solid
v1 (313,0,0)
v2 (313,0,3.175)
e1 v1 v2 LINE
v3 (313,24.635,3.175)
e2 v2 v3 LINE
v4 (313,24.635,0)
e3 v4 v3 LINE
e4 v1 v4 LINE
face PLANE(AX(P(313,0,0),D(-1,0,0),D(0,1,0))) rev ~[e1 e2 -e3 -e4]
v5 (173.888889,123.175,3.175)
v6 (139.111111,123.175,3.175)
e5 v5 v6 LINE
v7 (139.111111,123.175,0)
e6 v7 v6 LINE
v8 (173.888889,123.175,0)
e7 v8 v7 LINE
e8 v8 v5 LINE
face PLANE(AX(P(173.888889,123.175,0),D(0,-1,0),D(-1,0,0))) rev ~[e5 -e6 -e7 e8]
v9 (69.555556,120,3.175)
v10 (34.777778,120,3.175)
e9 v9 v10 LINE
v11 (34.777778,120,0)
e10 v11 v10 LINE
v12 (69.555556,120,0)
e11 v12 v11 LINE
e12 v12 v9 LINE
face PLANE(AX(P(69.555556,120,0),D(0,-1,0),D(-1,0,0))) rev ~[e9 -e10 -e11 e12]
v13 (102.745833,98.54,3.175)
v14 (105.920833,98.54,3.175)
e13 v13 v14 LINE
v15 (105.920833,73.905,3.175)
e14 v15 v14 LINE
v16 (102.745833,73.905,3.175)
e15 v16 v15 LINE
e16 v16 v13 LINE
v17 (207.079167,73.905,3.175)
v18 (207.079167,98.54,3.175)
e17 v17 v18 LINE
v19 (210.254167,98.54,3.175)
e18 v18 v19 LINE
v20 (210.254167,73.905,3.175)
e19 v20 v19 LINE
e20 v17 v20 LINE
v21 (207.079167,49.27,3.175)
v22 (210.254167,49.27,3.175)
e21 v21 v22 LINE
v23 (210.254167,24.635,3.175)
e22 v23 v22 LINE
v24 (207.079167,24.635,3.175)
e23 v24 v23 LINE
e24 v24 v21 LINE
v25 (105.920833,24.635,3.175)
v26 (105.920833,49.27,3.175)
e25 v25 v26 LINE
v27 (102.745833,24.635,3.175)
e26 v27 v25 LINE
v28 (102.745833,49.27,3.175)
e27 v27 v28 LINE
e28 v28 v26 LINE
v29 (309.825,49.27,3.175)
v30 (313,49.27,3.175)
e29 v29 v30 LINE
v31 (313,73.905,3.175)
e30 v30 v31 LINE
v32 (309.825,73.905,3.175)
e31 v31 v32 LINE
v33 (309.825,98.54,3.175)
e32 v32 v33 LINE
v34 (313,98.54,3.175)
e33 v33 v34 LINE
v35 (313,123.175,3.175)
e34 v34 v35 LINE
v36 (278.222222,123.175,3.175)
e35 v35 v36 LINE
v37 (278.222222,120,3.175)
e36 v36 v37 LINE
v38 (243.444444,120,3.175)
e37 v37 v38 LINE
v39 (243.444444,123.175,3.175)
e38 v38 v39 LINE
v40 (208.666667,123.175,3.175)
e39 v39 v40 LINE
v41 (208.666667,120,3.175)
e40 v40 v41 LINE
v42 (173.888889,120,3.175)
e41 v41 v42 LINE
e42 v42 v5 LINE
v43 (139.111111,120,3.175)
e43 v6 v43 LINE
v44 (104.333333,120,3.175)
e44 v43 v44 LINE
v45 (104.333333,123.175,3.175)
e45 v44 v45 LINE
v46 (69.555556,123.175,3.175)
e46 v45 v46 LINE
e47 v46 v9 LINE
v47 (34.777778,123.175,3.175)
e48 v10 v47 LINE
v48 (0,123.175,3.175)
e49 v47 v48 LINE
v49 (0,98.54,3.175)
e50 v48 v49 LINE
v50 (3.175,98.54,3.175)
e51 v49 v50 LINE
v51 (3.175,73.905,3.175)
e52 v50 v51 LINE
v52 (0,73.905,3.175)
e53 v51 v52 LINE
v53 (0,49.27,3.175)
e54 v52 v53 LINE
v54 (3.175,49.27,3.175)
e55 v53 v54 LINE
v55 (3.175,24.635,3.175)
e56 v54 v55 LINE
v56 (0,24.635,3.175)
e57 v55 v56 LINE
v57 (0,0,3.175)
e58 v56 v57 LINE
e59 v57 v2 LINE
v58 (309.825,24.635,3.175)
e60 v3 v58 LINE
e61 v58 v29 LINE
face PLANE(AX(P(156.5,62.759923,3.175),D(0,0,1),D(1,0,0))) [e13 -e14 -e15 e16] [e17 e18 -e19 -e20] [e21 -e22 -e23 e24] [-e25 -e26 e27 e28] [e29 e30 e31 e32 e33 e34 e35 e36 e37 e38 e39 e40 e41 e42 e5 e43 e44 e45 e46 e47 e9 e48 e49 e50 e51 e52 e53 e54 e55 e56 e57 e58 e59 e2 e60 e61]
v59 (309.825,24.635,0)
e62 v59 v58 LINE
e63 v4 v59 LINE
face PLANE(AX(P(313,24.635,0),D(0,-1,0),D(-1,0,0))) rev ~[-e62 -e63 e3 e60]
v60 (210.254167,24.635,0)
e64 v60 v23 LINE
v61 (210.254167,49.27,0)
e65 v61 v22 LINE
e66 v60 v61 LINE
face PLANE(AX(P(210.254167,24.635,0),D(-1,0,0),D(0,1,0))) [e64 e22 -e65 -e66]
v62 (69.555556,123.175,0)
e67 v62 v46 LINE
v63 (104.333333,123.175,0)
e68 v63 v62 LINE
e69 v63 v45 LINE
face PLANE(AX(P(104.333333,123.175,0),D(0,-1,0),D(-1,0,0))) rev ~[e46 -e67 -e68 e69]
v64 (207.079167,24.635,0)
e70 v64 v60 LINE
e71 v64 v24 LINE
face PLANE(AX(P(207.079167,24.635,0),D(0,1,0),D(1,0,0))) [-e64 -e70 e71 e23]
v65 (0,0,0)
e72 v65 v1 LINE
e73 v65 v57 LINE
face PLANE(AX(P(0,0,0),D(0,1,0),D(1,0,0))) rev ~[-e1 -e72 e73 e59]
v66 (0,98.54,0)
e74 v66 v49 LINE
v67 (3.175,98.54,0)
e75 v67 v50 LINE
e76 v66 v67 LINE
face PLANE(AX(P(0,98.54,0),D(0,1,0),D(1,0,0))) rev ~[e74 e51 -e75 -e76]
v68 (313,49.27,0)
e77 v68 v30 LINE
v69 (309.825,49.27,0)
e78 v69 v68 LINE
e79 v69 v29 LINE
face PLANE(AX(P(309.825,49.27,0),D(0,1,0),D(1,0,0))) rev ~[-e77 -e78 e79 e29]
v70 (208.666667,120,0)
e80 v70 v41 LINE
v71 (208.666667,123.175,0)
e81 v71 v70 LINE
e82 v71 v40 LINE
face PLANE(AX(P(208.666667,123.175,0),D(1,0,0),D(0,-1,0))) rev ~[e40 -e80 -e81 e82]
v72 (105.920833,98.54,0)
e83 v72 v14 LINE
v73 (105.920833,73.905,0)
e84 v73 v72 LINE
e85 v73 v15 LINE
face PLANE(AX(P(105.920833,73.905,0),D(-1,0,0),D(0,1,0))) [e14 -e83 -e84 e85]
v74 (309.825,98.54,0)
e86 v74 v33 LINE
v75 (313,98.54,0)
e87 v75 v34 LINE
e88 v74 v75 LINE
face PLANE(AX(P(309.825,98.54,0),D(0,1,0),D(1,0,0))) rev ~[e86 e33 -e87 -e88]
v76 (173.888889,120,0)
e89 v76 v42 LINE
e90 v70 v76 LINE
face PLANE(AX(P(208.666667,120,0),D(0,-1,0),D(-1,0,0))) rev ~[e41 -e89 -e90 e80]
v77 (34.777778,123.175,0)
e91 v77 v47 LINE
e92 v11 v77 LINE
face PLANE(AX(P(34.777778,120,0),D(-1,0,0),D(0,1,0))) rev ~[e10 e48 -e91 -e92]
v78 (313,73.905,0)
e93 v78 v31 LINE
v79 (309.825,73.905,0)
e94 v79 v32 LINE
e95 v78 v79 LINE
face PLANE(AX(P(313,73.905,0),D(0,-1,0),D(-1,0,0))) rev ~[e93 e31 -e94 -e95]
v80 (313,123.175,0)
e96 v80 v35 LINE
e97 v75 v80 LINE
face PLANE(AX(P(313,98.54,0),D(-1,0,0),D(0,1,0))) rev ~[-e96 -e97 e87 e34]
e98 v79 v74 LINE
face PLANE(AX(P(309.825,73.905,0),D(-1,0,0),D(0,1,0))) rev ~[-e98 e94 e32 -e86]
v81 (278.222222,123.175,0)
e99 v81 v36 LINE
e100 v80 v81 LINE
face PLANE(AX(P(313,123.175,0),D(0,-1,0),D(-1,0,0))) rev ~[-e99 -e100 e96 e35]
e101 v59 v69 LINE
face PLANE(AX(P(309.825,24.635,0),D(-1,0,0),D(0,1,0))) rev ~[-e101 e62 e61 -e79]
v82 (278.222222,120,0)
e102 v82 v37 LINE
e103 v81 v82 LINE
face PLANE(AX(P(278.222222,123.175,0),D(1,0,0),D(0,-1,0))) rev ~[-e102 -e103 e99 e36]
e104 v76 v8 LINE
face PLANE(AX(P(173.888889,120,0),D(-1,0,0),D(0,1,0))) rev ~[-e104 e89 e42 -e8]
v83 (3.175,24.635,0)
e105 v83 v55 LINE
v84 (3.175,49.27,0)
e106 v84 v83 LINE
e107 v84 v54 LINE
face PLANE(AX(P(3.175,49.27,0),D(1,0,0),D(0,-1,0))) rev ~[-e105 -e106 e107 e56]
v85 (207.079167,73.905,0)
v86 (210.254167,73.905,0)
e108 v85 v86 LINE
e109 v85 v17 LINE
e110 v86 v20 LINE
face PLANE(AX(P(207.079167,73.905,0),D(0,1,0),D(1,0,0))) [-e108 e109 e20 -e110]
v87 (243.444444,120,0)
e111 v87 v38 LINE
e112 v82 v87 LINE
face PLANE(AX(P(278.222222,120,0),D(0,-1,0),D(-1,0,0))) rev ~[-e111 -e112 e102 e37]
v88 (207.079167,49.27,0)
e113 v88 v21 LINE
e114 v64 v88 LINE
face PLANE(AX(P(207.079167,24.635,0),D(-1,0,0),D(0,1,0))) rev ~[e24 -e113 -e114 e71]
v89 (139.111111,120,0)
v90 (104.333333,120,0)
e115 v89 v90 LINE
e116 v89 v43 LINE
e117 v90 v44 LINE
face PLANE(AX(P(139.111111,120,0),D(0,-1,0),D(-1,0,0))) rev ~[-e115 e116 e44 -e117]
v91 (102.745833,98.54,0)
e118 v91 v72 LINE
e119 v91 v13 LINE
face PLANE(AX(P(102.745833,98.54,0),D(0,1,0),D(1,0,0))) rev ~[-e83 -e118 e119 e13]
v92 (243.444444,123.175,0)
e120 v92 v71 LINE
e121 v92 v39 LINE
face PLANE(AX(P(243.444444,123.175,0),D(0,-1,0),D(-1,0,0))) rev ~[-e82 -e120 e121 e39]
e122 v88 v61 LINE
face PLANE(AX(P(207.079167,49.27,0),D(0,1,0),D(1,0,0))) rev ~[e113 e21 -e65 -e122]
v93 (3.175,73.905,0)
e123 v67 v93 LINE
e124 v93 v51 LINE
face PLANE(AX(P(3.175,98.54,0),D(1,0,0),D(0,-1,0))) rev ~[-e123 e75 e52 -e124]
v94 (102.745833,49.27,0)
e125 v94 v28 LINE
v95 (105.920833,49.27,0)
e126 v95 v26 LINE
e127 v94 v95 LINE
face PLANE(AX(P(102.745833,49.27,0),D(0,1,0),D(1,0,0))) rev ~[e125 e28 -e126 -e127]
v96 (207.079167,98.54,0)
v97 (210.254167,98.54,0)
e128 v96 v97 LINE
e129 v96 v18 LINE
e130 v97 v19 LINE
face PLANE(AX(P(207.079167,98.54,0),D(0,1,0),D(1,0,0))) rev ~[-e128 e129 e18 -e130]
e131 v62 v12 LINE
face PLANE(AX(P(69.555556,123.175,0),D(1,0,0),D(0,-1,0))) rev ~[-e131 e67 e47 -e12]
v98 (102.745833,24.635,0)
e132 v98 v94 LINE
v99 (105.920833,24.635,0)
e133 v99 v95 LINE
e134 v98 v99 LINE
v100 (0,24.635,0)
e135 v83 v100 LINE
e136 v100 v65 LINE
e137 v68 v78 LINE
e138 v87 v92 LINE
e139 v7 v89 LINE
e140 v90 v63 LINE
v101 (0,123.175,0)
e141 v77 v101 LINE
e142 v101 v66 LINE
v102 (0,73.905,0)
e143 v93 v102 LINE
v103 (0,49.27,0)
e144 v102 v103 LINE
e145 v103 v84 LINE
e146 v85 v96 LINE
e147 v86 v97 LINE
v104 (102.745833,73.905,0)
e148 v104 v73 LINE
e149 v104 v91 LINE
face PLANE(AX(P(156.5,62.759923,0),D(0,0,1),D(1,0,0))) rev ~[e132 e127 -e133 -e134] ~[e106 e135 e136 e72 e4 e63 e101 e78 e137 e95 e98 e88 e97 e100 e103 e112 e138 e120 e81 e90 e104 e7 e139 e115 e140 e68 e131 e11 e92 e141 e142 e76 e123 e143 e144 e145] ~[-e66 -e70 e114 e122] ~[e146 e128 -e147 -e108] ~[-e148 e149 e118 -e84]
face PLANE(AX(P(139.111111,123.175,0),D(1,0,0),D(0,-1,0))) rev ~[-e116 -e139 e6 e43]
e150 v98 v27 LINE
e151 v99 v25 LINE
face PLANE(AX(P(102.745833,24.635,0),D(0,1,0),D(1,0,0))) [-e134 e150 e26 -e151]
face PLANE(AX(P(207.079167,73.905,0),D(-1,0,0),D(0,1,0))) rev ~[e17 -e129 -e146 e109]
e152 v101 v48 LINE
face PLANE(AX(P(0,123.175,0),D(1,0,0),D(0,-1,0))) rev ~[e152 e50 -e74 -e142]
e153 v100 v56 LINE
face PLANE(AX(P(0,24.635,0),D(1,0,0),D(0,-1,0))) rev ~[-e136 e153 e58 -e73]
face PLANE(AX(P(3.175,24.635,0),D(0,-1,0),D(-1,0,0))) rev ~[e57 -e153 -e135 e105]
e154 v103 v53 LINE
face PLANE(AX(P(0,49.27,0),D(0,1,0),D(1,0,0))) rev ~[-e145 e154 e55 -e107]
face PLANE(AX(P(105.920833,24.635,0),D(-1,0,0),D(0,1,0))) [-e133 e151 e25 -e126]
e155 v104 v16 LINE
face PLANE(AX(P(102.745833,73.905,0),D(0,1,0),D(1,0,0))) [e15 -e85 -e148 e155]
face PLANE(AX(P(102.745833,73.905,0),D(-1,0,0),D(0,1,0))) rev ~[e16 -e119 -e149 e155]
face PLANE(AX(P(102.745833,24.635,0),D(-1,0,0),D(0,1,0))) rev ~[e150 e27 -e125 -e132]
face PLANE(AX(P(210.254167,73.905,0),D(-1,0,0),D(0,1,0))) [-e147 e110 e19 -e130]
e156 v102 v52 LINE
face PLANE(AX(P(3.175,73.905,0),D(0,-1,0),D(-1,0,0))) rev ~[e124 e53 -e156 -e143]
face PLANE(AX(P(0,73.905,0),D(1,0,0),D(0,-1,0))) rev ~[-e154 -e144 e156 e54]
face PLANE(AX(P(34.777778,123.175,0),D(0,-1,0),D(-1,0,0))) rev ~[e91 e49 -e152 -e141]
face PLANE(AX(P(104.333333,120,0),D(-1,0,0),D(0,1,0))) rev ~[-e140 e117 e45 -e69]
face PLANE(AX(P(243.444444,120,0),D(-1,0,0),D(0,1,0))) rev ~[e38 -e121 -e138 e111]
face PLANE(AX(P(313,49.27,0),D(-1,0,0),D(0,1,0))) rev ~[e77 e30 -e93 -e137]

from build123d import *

# Parameters (mm, degrees)
SKETCH1_W           = 3.175
SKETCH1_H           = 24.635
BOSS_EXTRUDE1_DEPTH = 3.175


with BuildPart() as part:
    # Sketch1 → Boss-Extrude1 (new body)
    with BuildSketch(Plane.XY):
        Polygon((0, 0), (313, 0), (313, 24.635), (309.825, 24.635), (309.825, 49.27), (313, 49.27), (313, 73.905), (309.825, 73.905), (309.825, 98.54), (313, 98.54), (313, 123.175), (278.222222222, 123.175), (278.222222222, 120), (243.444444444, 120), (243.444444444, 123.175), (208.666666667, 123.175), (208.666666667, 120), (173.888888889, 120), (173.888888889, 123.175), (139.111111111, 123.175), (139.111111111, 120), (104.333333333, 120), (104.333333333, 123.175), (69.555555556, 123.175), (69.555555556, 120), (34.777777778, 120), (34.777777778, 123.175), (0, 123.175), (0, 98.54), (3.175, 98.54), (3.175, 73.905), (0, 73.905), (0, 49.27), (3.175, 49.27), (3.175, 24.635), (0, 24.635), align=None)
        with Locations((104.333333333, 86.2225)):
            Rectangle(SKETCH1_W, SKETCH1_H, mode=Mode.SUBTRACT)
        with Locations((104.333333333, 36.9525)):
            Rectangle(SKETCH1_W, SKETCH1_H, mode=Mode.SUBTRACT)
        with Locations((208.666666667, 86.2225)):
            Rectangle(SKETCH1_W, SKETCH1_H, mode=Mode.SUBTRACT)
        with Locations((208.666666667, 36.9525)):
            Rectangle(SKETCH1_W, SKETCH1_H, mode=Mode.SUBTRACT)
    extrude(amount=BOSS_EXTRUDE1_DEPTH)


solid = part.part
